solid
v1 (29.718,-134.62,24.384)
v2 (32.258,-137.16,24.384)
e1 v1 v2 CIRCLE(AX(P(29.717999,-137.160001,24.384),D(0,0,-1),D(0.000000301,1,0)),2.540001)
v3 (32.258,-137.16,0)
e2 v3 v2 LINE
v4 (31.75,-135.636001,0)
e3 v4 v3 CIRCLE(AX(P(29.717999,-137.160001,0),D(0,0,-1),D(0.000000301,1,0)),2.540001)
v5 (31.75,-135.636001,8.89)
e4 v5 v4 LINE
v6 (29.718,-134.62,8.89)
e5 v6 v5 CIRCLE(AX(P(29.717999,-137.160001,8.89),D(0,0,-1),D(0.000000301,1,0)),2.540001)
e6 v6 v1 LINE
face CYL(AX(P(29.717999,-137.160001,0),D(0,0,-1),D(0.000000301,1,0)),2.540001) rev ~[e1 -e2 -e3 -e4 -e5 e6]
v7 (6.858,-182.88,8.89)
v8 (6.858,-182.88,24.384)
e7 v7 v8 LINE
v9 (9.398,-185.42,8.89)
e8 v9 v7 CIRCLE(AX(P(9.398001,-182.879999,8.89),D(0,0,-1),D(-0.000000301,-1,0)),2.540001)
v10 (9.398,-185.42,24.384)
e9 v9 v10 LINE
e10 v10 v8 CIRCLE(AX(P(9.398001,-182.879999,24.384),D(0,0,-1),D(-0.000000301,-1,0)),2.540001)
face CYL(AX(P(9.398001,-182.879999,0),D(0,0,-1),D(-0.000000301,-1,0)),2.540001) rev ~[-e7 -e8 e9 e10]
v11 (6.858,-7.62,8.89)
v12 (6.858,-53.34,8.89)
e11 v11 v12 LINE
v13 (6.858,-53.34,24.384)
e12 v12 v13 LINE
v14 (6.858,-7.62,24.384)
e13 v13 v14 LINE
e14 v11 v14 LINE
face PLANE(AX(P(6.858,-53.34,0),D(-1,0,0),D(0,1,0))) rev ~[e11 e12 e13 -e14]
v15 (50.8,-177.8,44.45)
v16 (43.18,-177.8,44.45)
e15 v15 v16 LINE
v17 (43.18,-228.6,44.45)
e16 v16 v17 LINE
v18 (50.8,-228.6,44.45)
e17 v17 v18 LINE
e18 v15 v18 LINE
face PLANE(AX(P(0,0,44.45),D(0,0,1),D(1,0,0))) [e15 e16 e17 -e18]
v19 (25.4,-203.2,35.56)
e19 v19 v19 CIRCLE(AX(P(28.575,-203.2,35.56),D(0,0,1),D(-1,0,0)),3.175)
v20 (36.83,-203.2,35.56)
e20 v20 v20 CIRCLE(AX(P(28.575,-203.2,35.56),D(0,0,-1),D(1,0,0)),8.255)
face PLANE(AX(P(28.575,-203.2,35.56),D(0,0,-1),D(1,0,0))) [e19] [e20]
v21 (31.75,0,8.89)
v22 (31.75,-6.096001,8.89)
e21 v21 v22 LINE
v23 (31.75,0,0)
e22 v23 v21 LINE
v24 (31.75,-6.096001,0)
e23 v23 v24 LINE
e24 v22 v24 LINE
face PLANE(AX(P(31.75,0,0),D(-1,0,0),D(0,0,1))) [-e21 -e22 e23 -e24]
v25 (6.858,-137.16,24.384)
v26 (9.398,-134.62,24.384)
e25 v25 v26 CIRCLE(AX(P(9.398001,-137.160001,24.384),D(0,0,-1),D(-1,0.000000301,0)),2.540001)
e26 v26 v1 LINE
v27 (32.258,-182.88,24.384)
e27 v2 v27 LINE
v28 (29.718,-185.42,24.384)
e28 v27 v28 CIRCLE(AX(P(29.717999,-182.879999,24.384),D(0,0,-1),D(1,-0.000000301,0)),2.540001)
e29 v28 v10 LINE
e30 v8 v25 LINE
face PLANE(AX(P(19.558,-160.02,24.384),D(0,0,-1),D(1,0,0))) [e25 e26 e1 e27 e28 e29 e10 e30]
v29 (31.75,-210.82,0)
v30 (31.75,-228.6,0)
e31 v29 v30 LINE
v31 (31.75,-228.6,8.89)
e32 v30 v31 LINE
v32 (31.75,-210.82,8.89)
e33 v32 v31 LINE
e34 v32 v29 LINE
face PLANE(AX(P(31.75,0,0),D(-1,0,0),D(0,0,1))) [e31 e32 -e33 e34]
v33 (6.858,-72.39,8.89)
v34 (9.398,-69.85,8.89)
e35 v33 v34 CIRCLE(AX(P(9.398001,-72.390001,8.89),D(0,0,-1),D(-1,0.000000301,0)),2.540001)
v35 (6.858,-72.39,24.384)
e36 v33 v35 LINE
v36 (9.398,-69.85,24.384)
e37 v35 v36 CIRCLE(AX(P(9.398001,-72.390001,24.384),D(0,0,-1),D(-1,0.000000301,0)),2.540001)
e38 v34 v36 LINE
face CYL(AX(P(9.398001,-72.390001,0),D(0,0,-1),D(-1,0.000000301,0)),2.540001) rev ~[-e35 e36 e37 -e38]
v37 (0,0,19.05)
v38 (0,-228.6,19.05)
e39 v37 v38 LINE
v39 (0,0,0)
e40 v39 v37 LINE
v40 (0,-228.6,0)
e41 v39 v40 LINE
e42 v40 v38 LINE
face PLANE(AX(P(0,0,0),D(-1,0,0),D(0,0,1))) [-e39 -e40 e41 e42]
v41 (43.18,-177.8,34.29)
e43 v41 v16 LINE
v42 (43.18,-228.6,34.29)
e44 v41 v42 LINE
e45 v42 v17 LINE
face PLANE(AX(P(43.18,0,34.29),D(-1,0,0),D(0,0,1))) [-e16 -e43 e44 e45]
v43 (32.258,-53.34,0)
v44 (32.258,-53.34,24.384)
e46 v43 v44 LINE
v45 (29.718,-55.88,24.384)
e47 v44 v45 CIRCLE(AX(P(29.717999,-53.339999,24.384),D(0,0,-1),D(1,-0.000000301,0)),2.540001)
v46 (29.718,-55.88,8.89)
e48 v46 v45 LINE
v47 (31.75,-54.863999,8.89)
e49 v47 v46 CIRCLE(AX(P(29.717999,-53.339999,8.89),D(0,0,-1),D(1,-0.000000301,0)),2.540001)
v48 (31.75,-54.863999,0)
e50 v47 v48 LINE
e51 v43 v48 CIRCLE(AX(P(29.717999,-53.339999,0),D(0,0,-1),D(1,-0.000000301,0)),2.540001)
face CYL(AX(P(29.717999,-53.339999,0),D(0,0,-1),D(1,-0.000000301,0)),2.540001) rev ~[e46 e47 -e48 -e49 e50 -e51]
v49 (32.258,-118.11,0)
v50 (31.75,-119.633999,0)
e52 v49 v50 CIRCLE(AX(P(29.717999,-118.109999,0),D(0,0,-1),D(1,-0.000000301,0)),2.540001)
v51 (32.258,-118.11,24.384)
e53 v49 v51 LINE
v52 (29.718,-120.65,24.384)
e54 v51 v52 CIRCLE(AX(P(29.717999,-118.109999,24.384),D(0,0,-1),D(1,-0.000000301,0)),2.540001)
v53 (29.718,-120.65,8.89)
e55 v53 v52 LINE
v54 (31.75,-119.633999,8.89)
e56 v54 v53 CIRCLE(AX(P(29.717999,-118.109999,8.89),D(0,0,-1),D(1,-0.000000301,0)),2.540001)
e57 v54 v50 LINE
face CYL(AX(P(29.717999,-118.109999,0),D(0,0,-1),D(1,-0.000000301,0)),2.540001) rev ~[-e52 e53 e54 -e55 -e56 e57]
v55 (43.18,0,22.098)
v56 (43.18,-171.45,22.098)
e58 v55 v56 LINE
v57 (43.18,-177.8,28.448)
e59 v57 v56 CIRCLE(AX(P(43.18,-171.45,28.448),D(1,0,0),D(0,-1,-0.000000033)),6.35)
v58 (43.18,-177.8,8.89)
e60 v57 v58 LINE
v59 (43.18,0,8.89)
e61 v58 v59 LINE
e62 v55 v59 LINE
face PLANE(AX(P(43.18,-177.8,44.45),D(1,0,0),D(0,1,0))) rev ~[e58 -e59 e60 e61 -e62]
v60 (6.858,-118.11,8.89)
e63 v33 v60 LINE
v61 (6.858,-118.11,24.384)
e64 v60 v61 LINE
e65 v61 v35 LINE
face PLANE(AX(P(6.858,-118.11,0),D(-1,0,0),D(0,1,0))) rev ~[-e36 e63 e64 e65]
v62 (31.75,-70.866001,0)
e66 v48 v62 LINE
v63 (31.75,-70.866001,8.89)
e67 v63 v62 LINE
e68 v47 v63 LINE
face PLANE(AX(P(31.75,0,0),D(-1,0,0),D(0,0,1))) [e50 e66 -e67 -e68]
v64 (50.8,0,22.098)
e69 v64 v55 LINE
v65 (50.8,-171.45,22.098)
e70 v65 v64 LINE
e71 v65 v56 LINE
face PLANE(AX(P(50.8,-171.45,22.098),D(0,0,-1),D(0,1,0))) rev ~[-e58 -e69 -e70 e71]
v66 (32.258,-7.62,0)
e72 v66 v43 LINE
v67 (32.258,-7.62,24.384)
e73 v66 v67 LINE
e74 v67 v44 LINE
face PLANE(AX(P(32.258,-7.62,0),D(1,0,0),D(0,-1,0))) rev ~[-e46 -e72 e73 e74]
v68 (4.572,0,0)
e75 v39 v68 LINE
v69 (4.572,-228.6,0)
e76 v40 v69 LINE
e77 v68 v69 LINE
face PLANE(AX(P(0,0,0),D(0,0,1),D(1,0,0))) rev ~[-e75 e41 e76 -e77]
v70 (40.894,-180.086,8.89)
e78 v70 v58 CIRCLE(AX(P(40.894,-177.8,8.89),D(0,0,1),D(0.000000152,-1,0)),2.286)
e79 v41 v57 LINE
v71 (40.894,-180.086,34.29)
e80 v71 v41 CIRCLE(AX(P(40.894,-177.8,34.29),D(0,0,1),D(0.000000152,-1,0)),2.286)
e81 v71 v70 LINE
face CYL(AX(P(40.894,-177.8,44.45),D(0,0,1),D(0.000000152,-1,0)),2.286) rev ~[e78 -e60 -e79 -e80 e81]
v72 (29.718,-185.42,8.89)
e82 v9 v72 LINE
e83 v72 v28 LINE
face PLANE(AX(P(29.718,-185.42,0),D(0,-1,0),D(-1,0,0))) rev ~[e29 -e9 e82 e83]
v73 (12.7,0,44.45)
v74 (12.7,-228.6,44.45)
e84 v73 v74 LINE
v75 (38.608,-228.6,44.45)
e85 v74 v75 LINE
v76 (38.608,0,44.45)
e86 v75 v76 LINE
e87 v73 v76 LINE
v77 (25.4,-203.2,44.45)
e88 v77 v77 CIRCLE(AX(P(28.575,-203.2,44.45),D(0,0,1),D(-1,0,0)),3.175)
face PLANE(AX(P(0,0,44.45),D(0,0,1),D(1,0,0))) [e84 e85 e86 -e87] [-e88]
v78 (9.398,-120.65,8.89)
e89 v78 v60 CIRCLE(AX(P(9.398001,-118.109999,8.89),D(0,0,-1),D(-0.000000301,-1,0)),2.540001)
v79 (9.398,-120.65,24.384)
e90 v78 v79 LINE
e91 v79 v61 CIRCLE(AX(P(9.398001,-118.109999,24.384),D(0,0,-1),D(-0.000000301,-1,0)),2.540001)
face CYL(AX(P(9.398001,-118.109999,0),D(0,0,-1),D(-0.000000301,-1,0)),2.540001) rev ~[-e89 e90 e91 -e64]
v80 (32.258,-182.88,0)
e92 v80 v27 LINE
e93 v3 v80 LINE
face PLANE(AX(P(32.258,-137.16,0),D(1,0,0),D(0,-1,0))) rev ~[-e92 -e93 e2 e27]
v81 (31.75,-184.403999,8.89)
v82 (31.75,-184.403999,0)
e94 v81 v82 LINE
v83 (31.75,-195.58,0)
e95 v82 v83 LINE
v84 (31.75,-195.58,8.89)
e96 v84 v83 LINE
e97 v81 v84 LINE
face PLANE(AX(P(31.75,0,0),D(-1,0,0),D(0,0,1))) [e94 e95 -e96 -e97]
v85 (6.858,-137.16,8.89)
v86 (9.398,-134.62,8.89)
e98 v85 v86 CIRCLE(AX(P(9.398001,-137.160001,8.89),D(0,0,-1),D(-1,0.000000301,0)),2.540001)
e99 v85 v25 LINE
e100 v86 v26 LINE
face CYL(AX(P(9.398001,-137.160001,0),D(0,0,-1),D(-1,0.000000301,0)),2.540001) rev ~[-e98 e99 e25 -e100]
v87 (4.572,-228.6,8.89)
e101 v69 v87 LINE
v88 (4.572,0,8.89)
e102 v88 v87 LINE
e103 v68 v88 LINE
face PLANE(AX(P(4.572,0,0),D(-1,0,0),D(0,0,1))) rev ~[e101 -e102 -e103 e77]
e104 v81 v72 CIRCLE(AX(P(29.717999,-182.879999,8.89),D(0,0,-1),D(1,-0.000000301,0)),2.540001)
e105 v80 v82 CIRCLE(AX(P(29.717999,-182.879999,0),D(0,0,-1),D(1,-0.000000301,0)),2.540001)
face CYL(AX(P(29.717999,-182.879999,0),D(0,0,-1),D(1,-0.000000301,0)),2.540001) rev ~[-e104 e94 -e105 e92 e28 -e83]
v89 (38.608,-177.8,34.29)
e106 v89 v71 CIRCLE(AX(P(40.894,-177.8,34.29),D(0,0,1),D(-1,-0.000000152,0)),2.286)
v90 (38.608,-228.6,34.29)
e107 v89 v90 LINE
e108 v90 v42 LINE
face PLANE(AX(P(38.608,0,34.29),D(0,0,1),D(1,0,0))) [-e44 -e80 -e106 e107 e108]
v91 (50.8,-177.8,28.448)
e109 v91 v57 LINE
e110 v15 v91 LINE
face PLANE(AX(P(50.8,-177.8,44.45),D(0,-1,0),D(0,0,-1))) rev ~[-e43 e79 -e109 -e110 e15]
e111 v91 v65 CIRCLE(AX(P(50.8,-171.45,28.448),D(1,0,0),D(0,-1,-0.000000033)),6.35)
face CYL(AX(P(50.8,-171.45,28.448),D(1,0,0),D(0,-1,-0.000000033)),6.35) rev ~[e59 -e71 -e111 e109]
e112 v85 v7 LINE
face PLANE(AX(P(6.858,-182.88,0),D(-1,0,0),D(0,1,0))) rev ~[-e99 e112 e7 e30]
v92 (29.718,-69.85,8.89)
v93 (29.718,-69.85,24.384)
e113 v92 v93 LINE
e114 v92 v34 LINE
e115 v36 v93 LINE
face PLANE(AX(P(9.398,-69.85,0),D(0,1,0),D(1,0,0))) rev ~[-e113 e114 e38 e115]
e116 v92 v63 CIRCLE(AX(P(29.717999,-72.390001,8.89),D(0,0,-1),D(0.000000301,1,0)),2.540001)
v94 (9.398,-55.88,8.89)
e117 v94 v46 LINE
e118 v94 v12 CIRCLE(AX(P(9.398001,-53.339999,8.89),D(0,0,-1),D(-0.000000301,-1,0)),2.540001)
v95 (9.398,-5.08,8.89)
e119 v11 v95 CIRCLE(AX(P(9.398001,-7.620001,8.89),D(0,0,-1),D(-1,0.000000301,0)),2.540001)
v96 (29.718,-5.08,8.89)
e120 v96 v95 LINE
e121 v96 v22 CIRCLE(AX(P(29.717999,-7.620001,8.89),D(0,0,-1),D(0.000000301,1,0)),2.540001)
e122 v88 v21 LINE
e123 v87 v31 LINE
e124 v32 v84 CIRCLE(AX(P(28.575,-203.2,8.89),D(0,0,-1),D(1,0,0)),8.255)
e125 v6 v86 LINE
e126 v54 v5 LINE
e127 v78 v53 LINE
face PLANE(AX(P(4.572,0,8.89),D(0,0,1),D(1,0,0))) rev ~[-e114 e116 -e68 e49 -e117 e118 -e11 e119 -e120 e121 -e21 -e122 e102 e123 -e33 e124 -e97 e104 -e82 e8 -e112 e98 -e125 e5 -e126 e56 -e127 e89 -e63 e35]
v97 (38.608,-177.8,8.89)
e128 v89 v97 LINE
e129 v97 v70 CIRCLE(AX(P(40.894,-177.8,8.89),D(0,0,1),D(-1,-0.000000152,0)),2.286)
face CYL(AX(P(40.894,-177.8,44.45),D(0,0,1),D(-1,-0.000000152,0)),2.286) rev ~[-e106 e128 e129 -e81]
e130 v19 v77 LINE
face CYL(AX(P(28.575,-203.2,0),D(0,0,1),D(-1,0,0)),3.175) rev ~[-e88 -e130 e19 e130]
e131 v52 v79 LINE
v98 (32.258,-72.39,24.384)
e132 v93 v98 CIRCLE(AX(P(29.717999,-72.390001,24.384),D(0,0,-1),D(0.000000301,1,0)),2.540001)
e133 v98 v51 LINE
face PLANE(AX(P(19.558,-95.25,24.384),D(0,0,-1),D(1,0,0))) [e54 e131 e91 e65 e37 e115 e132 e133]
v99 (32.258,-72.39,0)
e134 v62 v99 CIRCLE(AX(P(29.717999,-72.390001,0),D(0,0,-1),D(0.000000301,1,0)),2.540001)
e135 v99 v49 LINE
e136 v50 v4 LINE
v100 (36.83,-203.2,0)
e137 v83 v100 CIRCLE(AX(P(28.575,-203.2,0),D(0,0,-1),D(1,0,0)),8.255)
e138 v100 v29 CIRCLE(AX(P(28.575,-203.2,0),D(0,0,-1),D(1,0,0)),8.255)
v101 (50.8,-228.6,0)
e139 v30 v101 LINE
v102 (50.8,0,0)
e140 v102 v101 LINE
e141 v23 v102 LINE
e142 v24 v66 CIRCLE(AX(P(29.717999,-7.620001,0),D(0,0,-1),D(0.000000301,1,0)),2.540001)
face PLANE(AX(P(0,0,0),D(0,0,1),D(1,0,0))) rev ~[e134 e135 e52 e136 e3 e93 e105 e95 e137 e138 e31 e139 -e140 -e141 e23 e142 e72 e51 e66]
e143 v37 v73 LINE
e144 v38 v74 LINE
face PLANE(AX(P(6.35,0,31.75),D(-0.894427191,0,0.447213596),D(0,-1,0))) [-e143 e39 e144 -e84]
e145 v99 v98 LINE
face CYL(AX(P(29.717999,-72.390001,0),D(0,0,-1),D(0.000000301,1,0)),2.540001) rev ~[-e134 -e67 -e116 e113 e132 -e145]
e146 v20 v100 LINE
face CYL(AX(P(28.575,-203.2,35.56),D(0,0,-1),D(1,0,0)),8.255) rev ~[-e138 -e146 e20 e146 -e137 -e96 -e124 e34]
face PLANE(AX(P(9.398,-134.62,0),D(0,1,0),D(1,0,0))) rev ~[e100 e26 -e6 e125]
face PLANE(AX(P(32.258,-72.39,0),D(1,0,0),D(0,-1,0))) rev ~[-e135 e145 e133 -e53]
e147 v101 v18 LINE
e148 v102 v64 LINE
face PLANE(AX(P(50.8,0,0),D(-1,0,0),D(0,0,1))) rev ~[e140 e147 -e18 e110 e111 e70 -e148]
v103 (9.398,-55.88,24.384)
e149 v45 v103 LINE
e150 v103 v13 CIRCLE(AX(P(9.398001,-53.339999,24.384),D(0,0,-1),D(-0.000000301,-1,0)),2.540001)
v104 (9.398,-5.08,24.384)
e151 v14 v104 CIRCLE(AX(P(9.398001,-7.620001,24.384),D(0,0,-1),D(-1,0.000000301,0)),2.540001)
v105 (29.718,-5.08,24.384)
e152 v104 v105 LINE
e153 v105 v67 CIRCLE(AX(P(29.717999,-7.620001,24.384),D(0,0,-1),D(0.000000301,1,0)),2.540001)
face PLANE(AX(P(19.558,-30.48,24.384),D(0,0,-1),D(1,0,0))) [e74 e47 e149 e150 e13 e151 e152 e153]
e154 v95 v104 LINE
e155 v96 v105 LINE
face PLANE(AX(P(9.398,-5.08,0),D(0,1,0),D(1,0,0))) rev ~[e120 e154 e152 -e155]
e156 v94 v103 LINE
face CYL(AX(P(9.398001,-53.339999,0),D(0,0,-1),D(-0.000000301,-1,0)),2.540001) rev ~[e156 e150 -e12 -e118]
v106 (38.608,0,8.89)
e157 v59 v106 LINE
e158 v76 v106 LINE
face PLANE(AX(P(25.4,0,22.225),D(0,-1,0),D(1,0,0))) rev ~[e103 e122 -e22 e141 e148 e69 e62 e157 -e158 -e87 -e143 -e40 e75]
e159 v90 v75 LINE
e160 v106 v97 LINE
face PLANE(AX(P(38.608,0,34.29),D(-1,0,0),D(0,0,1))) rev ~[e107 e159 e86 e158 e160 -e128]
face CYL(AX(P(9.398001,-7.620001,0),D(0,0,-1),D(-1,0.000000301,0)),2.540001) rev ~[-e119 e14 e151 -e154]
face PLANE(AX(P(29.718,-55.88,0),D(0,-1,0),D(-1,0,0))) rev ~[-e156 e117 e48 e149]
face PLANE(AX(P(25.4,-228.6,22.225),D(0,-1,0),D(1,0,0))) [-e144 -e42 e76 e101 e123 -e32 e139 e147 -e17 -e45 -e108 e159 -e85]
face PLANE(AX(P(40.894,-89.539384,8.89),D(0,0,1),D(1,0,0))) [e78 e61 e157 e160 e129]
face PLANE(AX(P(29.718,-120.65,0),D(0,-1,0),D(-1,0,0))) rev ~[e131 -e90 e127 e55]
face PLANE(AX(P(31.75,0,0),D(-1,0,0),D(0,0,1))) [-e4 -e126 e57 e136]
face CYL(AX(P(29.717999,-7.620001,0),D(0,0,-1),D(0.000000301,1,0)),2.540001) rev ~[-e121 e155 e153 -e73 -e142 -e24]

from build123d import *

# Parameters (mm, degrees)
F0_W            = 50.8
F0_H            = 44.45
F3_DEPTH        = 228.6
F4_SIZE2        = 12.7
F4_SIZE         = 25.4
F1_W            = 27.178
F1_H            = 8.89
F5_DEPTH        = 228.6
F2_W            = 4.572
F2_H            = 10.16
F6_DEPTH        = 228.6
F8_DEPTH        = 24.384
F9_W            = 2.364222
F9_H            = 0.78807
F10_DEPTH       = 12.192
F12_DEPTH       = 35.56
F14_D           = 6.35
F14_CBORE_D     = 16.51
F14_CBORE_DEPTH = 35.56


with BuildPart() as f3:
    # F0 (on Front) → F3 (new body)
    with BuildSketch(Plane.XZ):
        with Locations((25.4, 22.225)):
            Rectangle(F0_W, F0_H)
    extrude(amount=F3_DEPTH)

    # F4
    f4_edges = [f3.edges().sort_by_distance(p)[0] for p in [
        (0, -114.3, 44.45),
    ]]
    chamfer(f4_edges, length=F4_SIZE, length2=F4_SIZE2)

    # F1 (on Front) → F5 (cut)
    with BuildSketch(Plane.XZ):
        with Locations((18.161, 4.445)):
            Rectangle(F1_W, F1_H)
    extrude(amount=F5_DEPTH, mode=Mode.SUBTRACT)

    # F2 (on Front) → F6 (cut)
    with BuildSketch(Plane.XZ):
        with Locations((40.894, 39.37)):
            Rectangle(F2_W, F2_H)
    extrude(amount=F6_DEPTH, mode=Mode.SUBTRACT)

    # F7 (on face) → F8 (cut)
    with BuildSketch(Plane(origin=(0, 0, 0), x_dir=(1, 0, 0), z_dir=(0, 0, -1))):
        with BuildLine():
            ThreePointArc((32.258, 53.34), (31.514051, 55.136051), (29.718, 55.88))
            Line((29.718, 55.88), (9.398, 55.88))
            ThreePointArc((9.398, 55.88), (7.601949, 55.136051), (6.858, 53.34))
            Line((6.858, 53.34), (6.858, 7.62))
            ThreePointArc((6.858, 7.62), (7.601949, 5.823949), (9.398, 5.08))
            Line((9.398, 5.08), (29.718, 5.08))
            ThreePointArc((29.718, 5.08), (31.514051, 5.823949), (32.258, 7.62))
            Line((32.258, 7.62), (32.258, 53.34))
        make_face()
        with BuildLine():
            ThreePointArc((32.258, 118.11), (31.514051, 119.906051), (29.718, 120.65))
            Line((29.718, 120.65), (9.398, 120.65))
            ThreePointArc((9.398, 120.65), (7.601949, 119.906051), (6.858, 118.11))
            Line((6.858, 118.11), (6.858, 72.39))
            ThreePointArc((6.858, 72.39), (7.601949, 70.593949), (9.398, 69.85))
            Line((9.398, 69.85), (29.718, 69.85))
            ThreePointArc((29.718, 69.85), (31.514051, 70.593949), (32.258, 72.39))
            Line((32.258, 72.39), (32.258, 118.11))
        make_face()
        with BuildLine():
            ThreePointArc((32.258, 182.88), (31.514051, 184.676051), (29.718, 185.42))
            Line((29.718, 185.42), (9.398, 185.42))
            ThreePointArc((9.398, 185.42), (7.601949, 184.676051), (6.858, 182.88))
            Line((6.858, 182.88), (6.858, 137.16))
            ThreePointArc((6.858, 137.16), (7.601949, 135.363949), (9.398, 134.62))
            Line((9.398, 134.62), (29.718, 134.62))
            ThreePointArc((29.718, 134.62), (31.514051, 135.363949), (32.258, 137.16))
            Line((32.258, 137.16), (32.258, 182.88))
        make_face()
    extrude(amount=-F8_DEPTH, mode=Mode.SUBTRACT)

    # F9 (on face) → F10 (cut)
    with BuildSketch(Plane.YZ.offset(50.8)):
        with BuildLine():
            Line((0, 22.098), (0, 44.45))
            Line((0, 44.45), (-177.8, 44.45))
            Line((-177.8, 44.45), (-177.8, 28.448))
            ThreePointArc((-177.8, 28.448), (-175.940128, 23.957872), (-171.45, 22.098))
            Line((-171.45, 22.098), (0, 22.098))
        make_face()
        with Locations((10.441655, 33.889506)):
            Rectangle(F9_W, F9_H)
    extrude(amount=-F10_DEPTH, mode=Mode.SUBTRACT)

    # F11 (on face) → F12 (cut)
    with BuildSketch(Plane.XY.offset(44.45)):
        with BuildLine():
            Line((43.18, 0), (38.608, 0))
            Line((38.608, 0), (38.608, -177.8))
            ThreePointArc((38.608, -177.8), (39.277554, -179.416446), (40.894, -180.086))
            ThreePointArc((40.894, -180.086), (42.510446, -179.416446), (43.18, -177.8))
            Line((43.18, -177.8), (43.18, 0))
        make_face()
    extrude(amount=-F12_DEPTH, mode=Mode.SUBTRACT)

    # F14 (through all)
    with Locations(Plane(origin=(0, 0, 0), x_dir=(1, 0, 0), z_dir=(0, 0, -1))):
        with Locations((28.575, 203.2)):
            CounterBoreHole(F14_D / 2, F14_CBORE_D / 2, F14_CBORE_DEPTH)


solid = f3.part
